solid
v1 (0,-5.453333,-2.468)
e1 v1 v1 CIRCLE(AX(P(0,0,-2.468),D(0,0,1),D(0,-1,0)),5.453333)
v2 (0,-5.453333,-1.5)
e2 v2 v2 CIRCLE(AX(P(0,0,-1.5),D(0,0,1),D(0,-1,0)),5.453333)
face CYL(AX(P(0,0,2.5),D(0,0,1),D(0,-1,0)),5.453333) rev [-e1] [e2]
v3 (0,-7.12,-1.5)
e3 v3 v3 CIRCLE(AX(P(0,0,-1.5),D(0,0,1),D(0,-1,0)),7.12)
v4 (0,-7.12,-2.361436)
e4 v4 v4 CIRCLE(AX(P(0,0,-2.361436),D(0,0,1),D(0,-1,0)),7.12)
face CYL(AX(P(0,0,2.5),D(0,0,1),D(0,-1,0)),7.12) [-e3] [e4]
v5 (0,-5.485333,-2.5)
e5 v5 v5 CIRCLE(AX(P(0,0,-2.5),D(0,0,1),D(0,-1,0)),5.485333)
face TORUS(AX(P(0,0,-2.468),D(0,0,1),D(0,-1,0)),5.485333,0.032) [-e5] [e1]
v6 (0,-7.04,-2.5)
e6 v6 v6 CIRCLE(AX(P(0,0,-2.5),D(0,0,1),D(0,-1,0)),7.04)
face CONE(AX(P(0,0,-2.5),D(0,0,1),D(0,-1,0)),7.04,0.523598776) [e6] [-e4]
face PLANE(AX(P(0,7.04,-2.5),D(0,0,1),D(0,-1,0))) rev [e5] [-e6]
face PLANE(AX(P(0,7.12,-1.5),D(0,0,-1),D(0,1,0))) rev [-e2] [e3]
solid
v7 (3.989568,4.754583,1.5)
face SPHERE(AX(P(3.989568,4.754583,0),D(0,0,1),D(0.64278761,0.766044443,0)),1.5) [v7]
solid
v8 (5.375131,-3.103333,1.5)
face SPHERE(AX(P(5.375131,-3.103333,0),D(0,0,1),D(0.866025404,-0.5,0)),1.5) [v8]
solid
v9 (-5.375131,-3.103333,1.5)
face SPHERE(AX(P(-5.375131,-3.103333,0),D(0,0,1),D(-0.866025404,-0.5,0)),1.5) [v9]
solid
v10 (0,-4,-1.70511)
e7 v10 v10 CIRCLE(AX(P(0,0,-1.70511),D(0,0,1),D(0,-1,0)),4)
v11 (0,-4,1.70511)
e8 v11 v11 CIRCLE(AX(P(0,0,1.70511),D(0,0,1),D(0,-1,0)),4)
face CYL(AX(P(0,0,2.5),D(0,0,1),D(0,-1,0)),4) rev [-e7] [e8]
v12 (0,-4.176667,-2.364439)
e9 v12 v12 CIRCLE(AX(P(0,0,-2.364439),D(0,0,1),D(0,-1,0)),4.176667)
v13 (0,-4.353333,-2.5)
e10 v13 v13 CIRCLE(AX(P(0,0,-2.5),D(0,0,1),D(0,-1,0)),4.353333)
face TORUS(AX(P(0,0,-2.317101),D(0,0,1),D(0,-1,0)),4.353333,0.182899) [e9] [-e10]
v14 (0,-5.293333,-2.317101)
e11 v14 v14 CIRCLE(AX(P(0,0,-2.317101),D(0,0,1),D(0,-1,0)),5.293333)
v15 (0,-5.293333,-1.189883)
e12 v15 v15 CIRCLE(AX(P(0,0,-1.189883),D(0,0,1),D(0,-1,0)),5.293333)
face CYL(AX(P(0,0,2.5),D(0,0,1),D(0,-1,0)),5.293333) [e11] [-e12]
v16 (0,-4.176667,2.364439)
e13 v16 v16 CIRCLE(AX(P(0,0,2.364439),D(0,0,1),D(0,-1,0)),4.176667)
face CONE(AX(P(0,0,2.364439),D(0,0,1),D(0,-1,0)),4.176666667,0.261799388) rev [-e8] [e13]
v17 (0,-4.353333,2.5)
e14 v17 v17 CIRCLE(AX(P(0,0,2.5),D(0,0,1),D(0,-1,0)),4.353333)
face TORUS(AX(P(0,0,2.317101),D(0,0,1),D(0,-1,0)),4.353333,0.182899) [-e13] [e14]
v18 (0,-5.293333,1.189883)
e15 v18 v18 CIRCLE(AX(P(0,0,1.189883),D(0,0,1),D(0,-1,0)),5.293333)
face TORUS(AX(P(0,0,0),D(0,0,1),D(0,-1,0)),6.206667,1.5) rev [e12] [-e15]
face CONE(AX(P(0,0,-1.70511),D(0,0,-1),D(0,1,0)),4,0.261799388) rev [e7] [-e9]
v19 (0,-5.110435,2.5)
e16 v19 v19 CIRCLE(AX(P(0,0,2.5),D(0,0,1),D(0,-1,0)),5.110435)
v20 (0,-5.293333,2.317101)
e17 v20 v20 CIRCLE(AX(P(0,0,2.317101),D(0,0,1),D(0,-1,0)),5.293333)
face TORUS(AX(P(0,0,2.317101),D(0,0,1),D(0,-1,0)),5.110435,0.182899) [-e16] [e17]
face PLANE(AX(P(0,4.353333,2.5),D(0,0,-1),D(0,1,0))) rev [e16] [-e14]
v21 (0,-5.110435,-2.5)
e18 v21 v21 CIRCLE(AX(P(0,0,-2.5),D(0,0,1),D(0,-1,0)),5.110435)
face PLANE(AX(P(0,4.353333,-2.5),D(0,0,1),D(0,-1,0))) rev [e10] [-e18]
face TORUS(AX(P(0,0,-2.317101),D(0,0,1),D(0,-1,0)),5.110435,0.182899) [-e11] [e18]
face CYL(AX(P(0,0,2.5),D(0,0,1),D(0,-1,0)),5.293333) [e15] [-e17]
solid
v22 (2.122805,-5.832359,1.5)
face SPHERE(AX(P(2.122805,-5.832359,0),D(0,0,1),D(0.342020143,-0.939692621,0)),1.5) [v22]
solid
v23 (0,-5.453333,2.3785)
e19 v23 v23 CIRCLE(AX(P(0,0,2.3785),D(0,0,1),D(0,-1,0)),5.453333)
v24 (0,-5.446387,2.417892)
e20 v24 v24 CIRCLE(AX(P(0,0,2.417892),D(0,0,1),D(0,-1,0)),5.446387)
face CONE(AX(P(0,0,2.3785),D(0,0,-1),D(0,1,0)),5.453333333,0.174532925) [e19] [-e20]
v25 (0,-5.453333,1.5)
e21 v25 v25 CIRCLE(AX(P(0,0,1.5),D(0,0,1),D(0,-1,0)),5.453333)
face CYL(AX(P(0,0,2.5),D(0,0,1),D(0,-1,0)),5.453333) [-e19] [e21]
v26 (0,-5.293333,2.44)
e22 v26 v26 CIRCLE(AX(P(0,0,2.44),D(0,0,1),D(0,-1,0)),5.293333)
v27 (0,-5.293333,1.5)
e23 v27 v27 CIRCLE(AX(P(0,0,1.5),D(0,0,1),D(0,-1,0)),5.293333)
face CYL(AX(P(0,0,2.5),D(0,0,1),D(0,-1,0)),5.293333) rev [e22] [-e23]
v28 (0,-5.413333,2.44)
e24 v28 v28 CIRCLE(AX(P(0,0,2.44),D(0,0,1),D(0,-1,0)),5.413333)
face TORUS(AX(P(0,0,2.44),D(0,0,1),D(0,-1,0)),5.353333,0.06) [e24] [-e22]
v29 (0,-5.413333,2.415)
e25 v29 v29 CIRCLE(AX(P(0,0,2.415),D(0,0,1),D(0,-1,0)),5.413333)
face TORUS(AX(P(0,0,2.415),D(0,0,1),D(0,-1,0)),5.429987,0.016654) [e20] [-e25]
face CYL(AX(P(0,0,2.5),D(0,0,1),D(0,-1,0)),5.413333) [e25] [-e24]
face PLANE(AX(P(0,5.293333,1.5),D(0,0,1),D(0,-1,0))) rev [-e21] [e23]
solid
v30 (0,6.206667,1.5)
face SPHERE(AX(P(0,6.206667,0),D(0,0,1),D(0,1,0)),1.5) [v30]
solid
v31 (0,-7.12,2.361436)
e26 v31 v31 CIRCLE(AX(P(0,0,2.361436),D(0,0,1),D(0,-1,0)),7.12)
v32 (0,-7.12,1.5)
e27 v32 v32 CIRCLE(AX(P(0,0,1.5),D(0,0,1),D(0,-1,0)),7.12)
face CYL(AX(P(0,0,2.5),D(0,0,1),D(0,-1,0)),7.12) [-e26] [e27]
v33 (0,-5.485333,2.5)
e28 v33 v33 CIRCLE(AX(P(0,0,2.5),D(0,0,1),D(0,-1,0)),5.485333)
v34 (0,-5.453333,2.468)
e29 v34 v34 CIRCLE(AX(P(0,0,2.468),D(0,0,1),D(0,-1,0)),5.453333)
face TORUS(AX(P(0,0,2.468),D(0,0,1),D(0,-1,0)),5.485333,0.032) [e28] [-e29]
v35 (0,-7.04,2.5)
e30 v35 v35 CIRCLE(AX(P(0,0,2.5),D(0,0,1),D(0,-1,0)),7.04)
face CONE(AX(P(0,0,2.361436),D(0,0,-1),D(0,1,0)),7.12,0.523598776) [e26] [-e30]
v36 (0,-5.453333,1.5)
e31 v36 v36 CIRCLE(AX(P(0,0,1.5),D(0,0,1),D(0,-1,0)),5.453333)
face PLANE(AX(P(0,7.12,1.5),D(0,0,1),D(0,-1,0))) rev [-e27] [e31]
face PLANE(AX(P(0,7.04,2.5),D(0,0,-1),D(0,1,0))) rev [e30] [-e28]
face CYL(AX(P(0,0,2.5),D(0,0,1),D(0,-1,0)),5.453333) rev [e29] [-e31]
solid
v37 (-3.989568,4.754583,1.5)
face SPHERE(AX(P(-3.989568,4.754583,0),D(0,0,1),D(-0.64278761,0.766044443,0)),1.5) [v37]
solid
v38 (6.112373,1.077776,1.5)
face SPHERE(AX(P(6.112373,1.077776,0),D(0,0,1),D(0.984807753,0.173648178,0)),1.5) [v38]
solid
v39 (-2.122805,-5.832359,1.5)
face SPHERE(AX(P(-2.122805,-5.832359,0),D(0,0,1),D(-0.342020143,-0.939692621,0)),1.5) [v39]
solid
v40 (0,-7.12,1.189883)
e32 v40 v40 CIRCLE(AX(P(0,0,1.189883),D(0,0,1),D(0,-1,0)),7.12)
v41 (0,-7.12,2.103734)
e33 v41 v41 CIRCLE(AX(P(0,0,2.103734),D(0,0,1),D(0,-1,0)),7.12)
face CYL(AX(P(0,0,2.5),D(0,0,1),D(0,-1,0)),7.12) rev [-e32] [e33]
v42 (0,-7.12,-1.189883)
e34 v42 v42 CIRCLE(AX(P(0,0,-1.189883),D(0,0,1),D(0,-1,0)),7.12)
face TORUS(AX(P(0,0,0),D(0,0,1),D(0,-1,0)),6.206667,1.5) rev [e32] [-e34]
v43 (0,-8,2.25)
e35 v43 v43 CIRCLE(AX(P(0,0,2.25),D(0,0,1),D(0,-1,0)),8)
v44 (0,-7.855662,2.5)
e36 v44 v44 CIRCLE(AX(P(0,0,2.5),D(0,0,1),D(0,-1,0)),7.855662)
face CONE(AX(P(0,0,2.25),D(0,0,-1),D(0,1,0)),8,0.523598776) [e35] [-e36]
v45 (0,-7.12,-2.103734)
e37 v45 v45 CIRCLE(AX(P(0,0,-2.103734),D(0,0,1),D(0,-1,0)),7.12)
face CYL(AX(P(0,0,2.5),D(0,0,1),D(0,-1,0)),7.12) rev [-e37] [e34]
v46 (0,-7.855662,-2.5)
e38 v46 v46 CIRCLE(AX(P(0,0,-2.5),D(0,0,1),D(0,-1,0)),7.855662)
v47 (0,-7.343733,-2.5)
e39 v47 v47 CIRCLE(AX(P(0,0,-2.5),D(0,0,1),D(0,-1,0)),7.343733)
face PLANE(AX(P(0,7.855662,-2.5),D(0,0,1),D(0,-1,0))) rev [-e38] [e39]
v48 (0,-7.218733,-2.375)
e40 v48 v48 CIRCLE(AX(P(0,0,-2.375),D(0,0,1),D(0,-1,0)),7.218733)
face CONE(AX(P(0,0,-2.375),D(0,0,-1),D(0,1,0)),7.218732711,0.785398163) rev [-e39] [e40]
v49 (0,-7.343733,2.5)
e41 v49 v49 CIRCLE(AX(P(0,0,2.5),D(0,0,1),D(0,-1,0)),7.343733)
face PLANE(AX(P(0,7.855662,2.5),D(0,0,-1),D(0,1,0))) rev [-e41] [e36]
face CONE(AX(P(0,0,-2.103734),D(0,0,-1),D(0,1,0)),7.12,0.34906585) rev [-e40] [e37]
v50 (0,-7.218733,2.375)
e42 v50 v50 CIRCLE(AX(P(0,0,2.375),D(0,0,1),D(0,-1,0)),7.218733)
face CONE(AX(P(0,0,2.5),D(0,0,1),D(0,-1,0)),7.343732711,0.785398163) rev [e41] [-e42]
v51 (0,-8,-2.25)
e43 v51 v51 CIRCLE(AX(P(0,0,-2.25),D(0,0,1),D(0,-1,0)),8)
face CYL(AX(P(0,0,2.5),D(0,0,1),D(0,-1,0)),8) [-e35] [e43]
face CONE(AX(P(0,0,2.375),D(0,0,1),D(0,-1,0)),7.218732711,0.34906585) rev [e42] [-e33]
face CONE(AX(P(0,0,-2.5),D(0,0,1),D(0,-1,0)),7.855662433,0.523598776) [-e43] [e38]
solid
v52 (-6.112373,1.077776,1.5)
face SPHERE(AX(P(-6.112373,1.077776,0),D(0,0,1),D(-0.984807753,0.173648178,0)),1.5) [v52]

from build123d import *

# Parameters (mm, degrees)
CIRPATTERN1_COUNT = 9


with BuildPart() as part:
    # Sketch3 → Revolve1 (revolve)
    with BuildSketch(Plane(origin=(0, 0, 0), x_dir=(0, 0, -1), z_dir=(1, 0, 0)), mode=Mode.PRIVATE) as revolve1_sk:
        with BuildLine():
            Line((-2.103734106, 7.12), (-2.375, 7.218732711))
            Line((-2.375, 7.218732711), (-2.5, 7.343732711))
            Line((-2.5, 7.343732711), (-2.5, 7.855662433))
            Line((-2.5, 7.855662433), (-2.25, 8))
            Line((-2.25, 8), (2.25, 8))
            Line((2.25, 8), (2.5, 7.855662433))
            Line((2.5, 7.855662433), (2.5, 7.343732711))
            Line((2.5, 7.343732711), (2.375, 7.218732711))
            Line((2.375, 7.218732711), (2.103734106, 7.12))
            Line((2.103734106, 7.12), (1.189883281, 7.12))
            ThreePointArc((1.189883281, 7.12), (0, 7.706666667), (-1.189883281, 7.12))
            Line((-1.189883281, 7.12), (-2.103734106, 7.12))
        make_face()
    revolve(revolve1_sk.sketch.rotate(Axis((0, 0, 2.5), (0, 0, -1)), 180), axis=Axis((0, 0, 2.5), (0, 0, -1)))


with BuildPart() as body_2:
    # Sketch4 → Revolve2 (revolve)
    with BuildSketch(Plane(origin=(0, 0, 0), x_dir=(0, 0, -1), z_dir=(1, 0, 0)), mode=Mode.PRIVATE) as revolve2_sk:
        with BuildLine():
            Line((-1.705109923, 4), (-2.364438899, 4.176666667))
            ThreePointArc((-2.364438899, 4.176666667), (-2.462204576, 4.241991603), (-2.5, 4.353333333))
            Line((-2.5, 4.353333333), (-2.5, 5.110434541))
            ThreePointArc((-2.5, 5.110434541), (-2.446430184, 5.239763517), (-2.317101208, 5.293333333))
            Line((-2.317101208, 5.293333333), (-1.189883281, 5.293333333))
            ThreePointArc((-1.189883281, 5.293333333), (0, 4.706666667), (1.189883281, 5.293333333))
            Line((1.189883281, 5.293333333), (2.317101208, 5.293333333))
            ThreePointArc((2.317101208, 5.293333333), (2.446430184, 5.239763517), (2.5, 5.110434541))
            Line((2.5, 5.110434541), (2.5, 4.353333333))
            ThreePointArc((2.5, 4.353333333), (2.462204576, 4.241991603), (2.364438899, 4.176666667))
            Line((2.364438899, 4.176666667), (1.705109923, 4))
            Line((1.705109923, 4), (-1.705109923, 4))
        make_face()
    revolve(revolve2_sk.sketch.rotate(Axis((0, 0, 2.5), (0, 0, -1)), 180), axis=Axis((0, 0, 2.5), (0, 0, -1)))


with BuildPart() as body_3:
    # Sketch5 → Revolve3 (revolve)
    with BuildSketch(Plane(origin=(0, 0, 0), x_dir=(0, 0, -1), z_dir=(1, 0, 0))):
        with BuildLine():
            Line((-1.5, 6.206666667), (1.5, 6.206666667))
            ThreePointArc((1.5, 6.206666667), (0, 7.706666667), (-1.5, 6.206666667))
        make_face()
    revolve(axis=Axis((0, 6.206666667, 1.5), (0, 0, -1)))


with BuildPart() as cirpattern1_1:
    # CirPattern1: pattern copy
    add(body_3.part.rotate(Axis((0, 0, 0), (0, 0, 1)), 1 * 360 / CIRPATTERN1_COUNT))


with BuildPart() as cirpattern1_2:
    # CirPattern1: pattern copy
    add(body_3.part.rotate(Axis((0, 0, 0), (0, 0, 1)), 2 * 360 / CIRPATTERN1_COUNT))


with BuildPart() as cirpattern1_3:
    # CirPattern1: pattern copy
    add(body_3.part.rotate(Axis((0, 0, 0), (0, 0, 1)), 3 * 360 / CIRPATTERN1_COUNT))


with BuildPart() as cirpattern1_4:
    # CirPattern1: pattern copy
    add(body_3.part.rotate(Axis((0, 0, 0), (0, 0, 1)), 4 * 360 / CIRPATTERN1_COUNT))


with BuildPart() as cirpattern1_5:
    # CirPattern1: pattern copy
    add(body_3.part.rotate(Axis((0, 0, 0), (0, 0, 1)), 5 * 360 / CIRPATTERN1_COUNT))


with BuildPart() as cirpattern1_6:
    # CirPattern1: pattern copy
    add(body_3.part.rotate(Axis((0, 0, 0), (0, 0, 1)), 6 * 360 / CIRPATTERN1_COUNT))


with BuildPart() as cirpattern1_7:
    # CirPattern1: pattern copy
    add(body_3.part.rotate(Axis((0, 0, 0), (0, 0, 1)), 7 * 360 / CIRPATTERN1_COUNT))


with BuildPart() as cirpattern1_8:
    # CirPattern1: pattern copy
    add(body_3.part.rotate(Axis((0, 0, 0), (0, 0, 1)), 8 * 360 / CIRPATTERN1_COUNT))


with BuildPart() as body_12:
    # Sketch6 → Revolve4 (revolve)
    with BuildSketch(Plane(origin=(0, 0, 0), x_dir=(0, 0, -1), z_dir=(1, 0, 0)), mode=Mode.PRIVATE) as revolve4_sk:
        with BuildLine():
            Line((-2.361435935, 7.12), (-1.5, 7.12))
            Line((-1.5, 7.12), (-1.5, 5.453333333))
            Line((-1.5, 5.453333333), (-2.468, 5.453333333))
            ThreePointArc((-2.468, 5.453333333), (-2.490627417, 5.462705916), (-2.5, 5.485333333))
            Line((-2.5, 5.485333333), (-2.5, 7.04))
            Line((-2.5, 7.04), (-2.361435935, 7.12))
        make_face()
        with BuildLine():
            Line((2.468, 5.453333333), (1.5, 5.453333333))
            Line((1.5, 5.453333333), (1.5, 7.12))
            Line((1.5, 7.12), (2.361435935, 7.12))
            Line((2.361435935, 7.12), (2.5, 7.04))
            Line((2.5, 7.04), (2.5, 5.485333333))
            ThreePointArc((2.5, 5.485333333), (2.490627417, 5.462705916), (2.468, 5.453333333))
        make_face()
    revolve(revolve4_sk.sketch.rotate(Axis((0, 0, 2.5), (0, 0, -1)), 180), axis=Axis((0, 0, 2.5), (0, 0, -1)))


with BuildPart() as body_13:
    # Sketch7 → Revolve5 (revolve)
    with BuildSketch(Plane(origin=(0, 0, 0), x_dir=(0, 0, -1), z_dir=(1, 0, 0)), mode=Mode.PRIVATE) as revolve5_sk:
        with BuildLine():
            Line((-1.5, 5.453333333), (-2.378499547, 5.453333333))
            Line((-2.378499547, 5.453333333), (-2.417891857, 5.446387406))
            ThreePointArc((-2.417891857, 5.446387406), (-2.431590167, 5.428535421), (-2.415, 5.413333333))
            Line((-2.415, 5.413333333), (-2.44, 5.413333333))
            ThreePointArc((-2.44, 5.413333333), (-2.5, 5.353333333), (-2.44, 5.293333333))
            Line((-2.44, 5.293333333), (-1.5, 5.293333333))
            Line((-1.5, 5.293333333), (-1.5, 5.453333333))
        make_face()
    revolve(revolve5_sk.sketch.rotate(Axis((0, 0, 2.5), (0, 0, -1)), 180), axis=Axis((0, 0, 2.5), (0, 0, -1)))


solid = Compound([part.part, body_2.part, body_3.part, cirpattern1_1.part, cirpattern1_2.part, cirpattern1_3.part, cirpattern1_4.part, cirpattern1_5.part, cirpattern1_6.part, cirpattern1_7.part, cirpattern1_8.part, body_12.part, body_13.part])
